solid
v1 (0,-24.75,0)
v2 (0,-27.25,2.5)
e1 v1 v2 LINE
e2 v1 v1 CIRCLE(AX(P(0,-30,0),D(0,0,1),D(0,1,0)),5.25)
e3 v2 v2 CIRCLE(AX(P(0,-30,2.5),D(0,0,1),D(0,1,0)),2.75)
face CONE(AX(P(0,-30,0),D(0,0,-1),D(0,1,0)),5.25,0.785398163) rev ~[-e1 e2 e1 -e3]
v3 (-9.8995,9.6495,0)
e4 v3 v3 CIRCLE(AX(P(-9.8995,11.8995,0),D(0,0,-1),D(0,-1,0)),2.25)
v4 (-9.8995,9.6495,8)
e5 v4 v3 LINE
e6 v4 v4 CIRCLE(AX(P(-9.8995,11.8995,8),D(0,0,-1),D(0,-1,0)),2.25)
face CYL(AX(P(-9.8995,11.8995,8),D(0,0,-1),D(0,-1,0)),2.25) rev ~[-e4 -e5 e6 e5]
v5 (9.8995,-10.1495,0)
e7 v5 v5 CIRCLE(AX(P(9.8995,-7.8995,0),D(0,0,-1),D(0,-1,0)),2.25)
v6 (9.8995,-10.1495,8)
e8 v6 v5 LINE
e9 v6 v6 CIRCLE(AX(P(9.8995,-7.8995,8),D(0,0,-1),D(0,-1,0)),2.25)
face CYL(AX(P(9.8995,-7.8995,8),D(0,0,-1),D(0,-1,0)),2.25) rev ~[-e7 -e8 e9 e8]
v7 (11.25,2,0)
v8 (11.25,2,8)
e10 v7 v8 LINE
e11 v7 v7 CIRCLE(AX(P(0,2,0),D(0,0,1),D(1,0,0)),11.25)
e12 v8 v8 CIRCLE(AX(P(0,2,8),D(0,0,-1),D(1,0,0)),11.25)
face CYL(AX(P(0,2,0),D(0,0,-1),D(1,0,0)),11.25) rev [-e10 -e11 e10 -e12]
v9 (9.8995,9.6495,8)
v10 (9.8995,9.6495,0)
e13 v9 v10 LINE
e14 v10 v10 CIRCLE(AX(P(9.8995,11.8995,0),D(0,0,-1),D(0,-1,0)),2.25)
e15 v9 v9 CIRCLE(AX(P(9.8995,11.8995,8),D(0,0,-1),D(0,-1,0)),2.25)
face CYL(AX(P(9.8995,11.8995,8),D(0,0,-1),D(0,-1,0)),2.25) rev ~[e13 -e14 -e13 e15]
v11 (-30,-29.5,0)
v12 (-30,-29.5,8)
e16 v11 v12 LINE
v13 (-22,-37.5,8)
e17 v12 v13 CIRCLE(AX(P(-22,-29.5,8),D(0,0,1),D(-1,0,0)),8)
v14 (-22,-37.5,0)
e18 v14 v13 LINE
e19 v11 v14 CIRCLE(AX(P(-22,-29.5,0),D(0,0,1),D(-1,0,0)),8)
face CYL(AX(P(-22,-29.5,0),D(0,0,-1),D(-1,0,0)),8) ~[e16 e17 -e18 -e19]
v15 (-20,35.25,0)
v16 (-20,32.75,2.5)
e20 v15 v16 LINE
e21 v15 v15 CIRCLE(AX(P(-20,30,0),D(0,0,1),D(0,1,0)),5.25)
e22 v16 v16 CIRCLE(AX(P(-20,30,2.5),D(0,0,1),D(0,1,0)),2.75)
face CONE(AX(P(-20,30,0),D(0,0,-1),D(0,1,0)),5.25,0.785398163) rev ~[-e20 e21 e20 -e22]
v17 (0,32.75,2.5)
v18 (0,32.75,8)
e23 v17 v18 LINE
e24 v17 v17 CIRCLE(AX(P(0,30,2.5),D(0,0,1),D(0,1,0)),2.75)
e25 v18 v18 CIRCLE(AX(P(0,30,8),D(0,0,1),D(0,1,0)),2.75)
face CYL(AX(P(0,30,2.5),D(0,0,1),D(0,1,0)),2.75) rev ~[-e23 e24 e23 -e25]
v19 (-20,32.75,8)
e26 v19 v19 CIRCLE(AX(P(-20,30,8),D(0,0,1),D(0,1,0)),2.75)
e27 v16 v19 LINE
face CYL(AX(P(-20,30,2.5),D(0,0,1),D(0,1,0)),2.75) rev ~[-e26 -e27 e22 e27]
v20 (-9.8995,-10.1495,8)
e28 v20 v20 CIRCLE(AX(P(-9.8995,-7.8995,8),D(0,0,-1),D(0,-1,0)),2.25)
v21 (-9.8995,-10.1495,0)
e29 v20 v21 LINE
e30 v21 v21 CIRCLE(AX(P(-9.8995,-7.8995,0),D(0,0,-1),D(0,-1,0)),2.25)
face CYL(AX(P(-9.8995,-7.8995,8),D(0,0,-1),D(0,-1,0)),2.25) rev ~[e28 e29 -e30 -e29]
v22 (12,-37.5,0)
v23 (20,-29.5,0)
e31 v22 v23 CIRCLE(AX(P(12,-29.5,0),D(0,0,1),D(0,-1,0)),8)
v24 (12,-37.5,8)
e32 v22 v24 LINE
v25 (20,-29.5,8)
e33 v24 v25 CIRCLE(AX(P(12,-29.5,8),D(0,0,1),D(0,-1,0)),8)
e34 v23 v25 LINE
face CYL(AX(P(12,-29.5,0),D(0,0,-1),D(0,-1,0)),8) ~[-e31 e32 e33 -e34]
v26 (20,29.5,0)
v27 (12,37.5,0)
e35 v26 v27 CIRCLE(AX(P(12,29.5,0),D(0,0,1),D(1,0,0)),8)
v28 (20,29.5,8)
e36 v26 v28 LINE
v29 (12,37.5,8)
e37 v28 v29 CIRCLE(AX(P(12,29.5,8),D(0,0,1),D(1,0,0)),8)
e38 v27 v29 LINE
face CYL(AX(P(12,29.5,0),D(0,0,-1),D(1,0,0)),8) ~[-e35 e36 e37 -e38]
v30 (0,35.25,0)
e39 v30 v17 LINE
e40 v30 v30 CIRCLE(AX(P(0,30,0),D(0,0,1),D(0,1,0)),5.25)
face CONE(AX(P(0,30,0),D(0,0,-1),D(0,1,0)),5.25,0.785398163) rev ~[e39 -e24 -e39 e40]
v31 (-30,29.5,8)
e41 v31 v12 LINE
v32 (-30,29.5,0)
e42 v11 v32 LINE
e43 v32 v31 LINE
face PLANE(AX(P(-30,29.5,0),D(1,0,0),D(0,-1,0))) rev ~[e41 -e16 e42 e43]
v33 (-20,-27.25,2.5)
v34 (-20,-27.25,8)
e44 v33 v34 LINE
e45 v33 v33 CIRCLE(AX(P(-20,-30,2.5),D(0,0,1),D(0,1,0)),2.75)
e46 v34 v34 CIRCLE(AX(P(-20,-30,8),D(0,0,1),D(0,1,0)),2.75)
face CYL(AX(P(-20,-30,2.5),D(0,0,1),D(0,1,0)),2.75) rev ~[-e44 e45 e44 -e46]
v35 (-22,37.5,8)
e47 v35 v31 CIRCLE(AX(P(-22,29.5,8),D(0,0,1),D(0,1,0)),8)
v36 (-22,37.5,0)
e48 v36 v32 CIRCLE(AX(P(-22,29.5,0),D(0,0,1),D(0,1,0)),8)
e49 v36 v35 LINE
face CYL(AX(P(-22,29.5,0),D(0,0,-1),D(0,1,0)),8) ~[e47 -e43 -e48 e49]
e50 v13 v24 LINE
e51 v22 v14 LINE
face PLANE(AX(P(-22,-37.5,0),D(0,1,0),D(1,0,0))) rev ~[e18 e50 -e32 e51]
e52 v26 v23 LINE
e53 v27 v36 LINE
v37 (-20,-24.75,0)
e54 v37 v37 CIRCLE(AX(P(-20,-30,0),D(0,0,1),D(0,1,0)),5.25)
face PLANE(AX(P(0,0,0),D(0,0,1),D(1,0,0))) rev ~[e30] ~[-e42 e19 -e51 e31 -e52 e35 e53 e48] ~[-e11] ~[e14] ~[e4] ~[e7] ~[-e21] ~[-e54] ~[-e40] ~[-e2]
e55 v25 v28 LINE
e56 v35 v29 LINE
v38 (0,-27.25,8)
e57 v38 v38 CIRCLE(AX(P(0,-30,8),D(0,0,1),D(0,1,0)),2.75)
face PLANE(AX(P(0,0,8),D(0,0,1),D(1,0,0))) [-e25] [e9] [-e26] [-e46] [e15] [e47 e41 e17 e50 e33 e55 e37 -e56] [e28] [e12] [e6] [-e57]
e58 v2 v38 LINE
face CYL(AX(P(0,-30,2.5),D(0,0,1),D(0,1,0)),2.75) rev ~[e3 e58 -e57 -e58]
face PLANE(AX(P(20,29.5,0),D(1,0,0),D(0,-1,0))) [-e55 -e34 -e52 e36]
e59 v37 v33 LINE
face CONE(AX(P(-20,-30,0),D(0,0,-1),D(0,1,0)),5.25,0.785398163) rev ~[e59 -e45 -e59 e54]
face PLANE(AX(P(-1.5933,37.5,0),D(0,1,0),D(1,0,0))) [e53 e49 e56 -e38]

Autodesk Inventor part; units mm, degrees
ref_plane "YZ Plane" through (0, 0, 0) normal (1, 0, 0) x (0, 1, 0)
ref_plane "XZ Plane" through (0, 0, 0) normal (0, 1, 0) x (-1, 0, 0)
ref_plane "XY Plane" through (0, 0, 0) normal (0, 0, 1) x (1, 0, 0)
sketch "Эскиз1" plane through (0, 0, 0) normal (0, 0, 1) x (1, 0, 0)
  line L0 (-1.5933, 37.5) -> (12, 37.5)
  line L1 (20, 29.5) -> (20, -29.5)
  arc A0 (20, 29.5) -> (12, 37.5) centre (12, 29.5) ccw
  line L2 (-1.5933, 37.5) -> (-22, 37.5)
  line L3 (-30, 29.5) -> (-30, -29.5)
  arc A1 (-22, 37.5) -> (-30, 29.5) centre (-22, 29.5) ccw
  line L4 (-42.3196, 0) -> (32.3196, 0) projected
  line L5 (0, -54.8196) -> (0, 54.8196) projected
  circle A2 centre (0, 2) radius 11.25
  circle A3 centre (0, 2) radius 14 construction
  line L6 (0, 2) -> (-9.8995, 11.8995) construction
  line L7 (-22, -37.5) -> (12, -37.5)
  arc A4 (-30, -29.5) -> (-22, -37.5) centre (-22, -29.5) ccw
  arc A5 (12, -37.5) -> (20, -29.5) centre (12, -29.5) ccw
  line L8 (0, 30) -> (-20, 30) construction
  line L9 (0, -30) -> (-20, -30) construction
  point P0 (0, 0)
  point P1 (0, 0)
  point P2 (0, 54.8196)
  point P3 (9.8995, 11.8995)
  point P4 (-9.8995, -7.8995)
  point P5 (9.8995, -7.8995)
  point P6 (20, 0)
  dimension "d128" = 28
  dimension "d43" = 8
  dimension "d50" = 20
  dimension "d127" = 22.5
  dimension "d131" = 360
  dimension "d134" = 45
  dimension "d168" = 7.5
  dimension "d182" = 2
  dimension "d200" = 20
  dimension "d201" = 50
  dimension "d202" = 75
extrude "Пластина2" add sketch "Эскиз1" along normal blind 8 contours L0 L5 A2 L4 L3 A1 L2 | L0 A0 L1 L4 A2 L5 | A2 L5 L7 A4 L3 L4 | L1 A5 L7 L5 A2 L4
hole "Отверстие2" at (-20, 30, 0) at (0, 30, 0) at (0, -30, 0) at (-20, -30, 0) direction (0, 0, 1) diameter 5.5 end through all countersink diameter 10.5 countersink angle 90
sketch "Эскиз6" plane through (0, 0, 8) normal (0, 0, 1) x (1, 0, 0)
  circle A0 centre (0, 2) radius 14 construction
  line L0 (0, -54.8196) -> (0, 54.8196) projected
  line L1 (-42.3196, 0) -> (32.3196, 0) projected
  line L2 (0, 2) -> (9.8995, 11.8995) construction
  point P0 (-9.8995, 11.8995)
  point P1 (-9.8995, -7.8995)
  point P2 (9.8995, -7.8995)
  dimension "d135" = 28
  dimension "d138" = 360
  dimension "d141" = 135
  dimension "d183" = 2
hole "Отверстие3" at (-9.8995, -7.8995, 8) at (9.8995, 11.8995, 8) at (-9.8995, 11.8995, 8) at (9.8995, -7.8995, 8) direction (0, 0, -1) diameter 4.5 end through all
equation "\"d18\" = Толщина"
equation "\"Радиус_гибки\" = Толщина"
equation "\"Ширина_просечки\" = Толщина"
equation "\"Глубина_просечки\" = 0.5 * Толщина"
equation "\"Размер_просечки\" = 4 * Толщина"
equation "\"Мин_остаток\" = 2 * Толщина"
equation "\"Радиус_перехода\" = Радиус_гибки"
equation "\"Радиус_Якоби\" = Радиус_гибки"
equation "\"Размер_зазора\" = Толщина"
equation "\"Толщина\" = 8"
properties part number "кронштейн" material "Сталь"
